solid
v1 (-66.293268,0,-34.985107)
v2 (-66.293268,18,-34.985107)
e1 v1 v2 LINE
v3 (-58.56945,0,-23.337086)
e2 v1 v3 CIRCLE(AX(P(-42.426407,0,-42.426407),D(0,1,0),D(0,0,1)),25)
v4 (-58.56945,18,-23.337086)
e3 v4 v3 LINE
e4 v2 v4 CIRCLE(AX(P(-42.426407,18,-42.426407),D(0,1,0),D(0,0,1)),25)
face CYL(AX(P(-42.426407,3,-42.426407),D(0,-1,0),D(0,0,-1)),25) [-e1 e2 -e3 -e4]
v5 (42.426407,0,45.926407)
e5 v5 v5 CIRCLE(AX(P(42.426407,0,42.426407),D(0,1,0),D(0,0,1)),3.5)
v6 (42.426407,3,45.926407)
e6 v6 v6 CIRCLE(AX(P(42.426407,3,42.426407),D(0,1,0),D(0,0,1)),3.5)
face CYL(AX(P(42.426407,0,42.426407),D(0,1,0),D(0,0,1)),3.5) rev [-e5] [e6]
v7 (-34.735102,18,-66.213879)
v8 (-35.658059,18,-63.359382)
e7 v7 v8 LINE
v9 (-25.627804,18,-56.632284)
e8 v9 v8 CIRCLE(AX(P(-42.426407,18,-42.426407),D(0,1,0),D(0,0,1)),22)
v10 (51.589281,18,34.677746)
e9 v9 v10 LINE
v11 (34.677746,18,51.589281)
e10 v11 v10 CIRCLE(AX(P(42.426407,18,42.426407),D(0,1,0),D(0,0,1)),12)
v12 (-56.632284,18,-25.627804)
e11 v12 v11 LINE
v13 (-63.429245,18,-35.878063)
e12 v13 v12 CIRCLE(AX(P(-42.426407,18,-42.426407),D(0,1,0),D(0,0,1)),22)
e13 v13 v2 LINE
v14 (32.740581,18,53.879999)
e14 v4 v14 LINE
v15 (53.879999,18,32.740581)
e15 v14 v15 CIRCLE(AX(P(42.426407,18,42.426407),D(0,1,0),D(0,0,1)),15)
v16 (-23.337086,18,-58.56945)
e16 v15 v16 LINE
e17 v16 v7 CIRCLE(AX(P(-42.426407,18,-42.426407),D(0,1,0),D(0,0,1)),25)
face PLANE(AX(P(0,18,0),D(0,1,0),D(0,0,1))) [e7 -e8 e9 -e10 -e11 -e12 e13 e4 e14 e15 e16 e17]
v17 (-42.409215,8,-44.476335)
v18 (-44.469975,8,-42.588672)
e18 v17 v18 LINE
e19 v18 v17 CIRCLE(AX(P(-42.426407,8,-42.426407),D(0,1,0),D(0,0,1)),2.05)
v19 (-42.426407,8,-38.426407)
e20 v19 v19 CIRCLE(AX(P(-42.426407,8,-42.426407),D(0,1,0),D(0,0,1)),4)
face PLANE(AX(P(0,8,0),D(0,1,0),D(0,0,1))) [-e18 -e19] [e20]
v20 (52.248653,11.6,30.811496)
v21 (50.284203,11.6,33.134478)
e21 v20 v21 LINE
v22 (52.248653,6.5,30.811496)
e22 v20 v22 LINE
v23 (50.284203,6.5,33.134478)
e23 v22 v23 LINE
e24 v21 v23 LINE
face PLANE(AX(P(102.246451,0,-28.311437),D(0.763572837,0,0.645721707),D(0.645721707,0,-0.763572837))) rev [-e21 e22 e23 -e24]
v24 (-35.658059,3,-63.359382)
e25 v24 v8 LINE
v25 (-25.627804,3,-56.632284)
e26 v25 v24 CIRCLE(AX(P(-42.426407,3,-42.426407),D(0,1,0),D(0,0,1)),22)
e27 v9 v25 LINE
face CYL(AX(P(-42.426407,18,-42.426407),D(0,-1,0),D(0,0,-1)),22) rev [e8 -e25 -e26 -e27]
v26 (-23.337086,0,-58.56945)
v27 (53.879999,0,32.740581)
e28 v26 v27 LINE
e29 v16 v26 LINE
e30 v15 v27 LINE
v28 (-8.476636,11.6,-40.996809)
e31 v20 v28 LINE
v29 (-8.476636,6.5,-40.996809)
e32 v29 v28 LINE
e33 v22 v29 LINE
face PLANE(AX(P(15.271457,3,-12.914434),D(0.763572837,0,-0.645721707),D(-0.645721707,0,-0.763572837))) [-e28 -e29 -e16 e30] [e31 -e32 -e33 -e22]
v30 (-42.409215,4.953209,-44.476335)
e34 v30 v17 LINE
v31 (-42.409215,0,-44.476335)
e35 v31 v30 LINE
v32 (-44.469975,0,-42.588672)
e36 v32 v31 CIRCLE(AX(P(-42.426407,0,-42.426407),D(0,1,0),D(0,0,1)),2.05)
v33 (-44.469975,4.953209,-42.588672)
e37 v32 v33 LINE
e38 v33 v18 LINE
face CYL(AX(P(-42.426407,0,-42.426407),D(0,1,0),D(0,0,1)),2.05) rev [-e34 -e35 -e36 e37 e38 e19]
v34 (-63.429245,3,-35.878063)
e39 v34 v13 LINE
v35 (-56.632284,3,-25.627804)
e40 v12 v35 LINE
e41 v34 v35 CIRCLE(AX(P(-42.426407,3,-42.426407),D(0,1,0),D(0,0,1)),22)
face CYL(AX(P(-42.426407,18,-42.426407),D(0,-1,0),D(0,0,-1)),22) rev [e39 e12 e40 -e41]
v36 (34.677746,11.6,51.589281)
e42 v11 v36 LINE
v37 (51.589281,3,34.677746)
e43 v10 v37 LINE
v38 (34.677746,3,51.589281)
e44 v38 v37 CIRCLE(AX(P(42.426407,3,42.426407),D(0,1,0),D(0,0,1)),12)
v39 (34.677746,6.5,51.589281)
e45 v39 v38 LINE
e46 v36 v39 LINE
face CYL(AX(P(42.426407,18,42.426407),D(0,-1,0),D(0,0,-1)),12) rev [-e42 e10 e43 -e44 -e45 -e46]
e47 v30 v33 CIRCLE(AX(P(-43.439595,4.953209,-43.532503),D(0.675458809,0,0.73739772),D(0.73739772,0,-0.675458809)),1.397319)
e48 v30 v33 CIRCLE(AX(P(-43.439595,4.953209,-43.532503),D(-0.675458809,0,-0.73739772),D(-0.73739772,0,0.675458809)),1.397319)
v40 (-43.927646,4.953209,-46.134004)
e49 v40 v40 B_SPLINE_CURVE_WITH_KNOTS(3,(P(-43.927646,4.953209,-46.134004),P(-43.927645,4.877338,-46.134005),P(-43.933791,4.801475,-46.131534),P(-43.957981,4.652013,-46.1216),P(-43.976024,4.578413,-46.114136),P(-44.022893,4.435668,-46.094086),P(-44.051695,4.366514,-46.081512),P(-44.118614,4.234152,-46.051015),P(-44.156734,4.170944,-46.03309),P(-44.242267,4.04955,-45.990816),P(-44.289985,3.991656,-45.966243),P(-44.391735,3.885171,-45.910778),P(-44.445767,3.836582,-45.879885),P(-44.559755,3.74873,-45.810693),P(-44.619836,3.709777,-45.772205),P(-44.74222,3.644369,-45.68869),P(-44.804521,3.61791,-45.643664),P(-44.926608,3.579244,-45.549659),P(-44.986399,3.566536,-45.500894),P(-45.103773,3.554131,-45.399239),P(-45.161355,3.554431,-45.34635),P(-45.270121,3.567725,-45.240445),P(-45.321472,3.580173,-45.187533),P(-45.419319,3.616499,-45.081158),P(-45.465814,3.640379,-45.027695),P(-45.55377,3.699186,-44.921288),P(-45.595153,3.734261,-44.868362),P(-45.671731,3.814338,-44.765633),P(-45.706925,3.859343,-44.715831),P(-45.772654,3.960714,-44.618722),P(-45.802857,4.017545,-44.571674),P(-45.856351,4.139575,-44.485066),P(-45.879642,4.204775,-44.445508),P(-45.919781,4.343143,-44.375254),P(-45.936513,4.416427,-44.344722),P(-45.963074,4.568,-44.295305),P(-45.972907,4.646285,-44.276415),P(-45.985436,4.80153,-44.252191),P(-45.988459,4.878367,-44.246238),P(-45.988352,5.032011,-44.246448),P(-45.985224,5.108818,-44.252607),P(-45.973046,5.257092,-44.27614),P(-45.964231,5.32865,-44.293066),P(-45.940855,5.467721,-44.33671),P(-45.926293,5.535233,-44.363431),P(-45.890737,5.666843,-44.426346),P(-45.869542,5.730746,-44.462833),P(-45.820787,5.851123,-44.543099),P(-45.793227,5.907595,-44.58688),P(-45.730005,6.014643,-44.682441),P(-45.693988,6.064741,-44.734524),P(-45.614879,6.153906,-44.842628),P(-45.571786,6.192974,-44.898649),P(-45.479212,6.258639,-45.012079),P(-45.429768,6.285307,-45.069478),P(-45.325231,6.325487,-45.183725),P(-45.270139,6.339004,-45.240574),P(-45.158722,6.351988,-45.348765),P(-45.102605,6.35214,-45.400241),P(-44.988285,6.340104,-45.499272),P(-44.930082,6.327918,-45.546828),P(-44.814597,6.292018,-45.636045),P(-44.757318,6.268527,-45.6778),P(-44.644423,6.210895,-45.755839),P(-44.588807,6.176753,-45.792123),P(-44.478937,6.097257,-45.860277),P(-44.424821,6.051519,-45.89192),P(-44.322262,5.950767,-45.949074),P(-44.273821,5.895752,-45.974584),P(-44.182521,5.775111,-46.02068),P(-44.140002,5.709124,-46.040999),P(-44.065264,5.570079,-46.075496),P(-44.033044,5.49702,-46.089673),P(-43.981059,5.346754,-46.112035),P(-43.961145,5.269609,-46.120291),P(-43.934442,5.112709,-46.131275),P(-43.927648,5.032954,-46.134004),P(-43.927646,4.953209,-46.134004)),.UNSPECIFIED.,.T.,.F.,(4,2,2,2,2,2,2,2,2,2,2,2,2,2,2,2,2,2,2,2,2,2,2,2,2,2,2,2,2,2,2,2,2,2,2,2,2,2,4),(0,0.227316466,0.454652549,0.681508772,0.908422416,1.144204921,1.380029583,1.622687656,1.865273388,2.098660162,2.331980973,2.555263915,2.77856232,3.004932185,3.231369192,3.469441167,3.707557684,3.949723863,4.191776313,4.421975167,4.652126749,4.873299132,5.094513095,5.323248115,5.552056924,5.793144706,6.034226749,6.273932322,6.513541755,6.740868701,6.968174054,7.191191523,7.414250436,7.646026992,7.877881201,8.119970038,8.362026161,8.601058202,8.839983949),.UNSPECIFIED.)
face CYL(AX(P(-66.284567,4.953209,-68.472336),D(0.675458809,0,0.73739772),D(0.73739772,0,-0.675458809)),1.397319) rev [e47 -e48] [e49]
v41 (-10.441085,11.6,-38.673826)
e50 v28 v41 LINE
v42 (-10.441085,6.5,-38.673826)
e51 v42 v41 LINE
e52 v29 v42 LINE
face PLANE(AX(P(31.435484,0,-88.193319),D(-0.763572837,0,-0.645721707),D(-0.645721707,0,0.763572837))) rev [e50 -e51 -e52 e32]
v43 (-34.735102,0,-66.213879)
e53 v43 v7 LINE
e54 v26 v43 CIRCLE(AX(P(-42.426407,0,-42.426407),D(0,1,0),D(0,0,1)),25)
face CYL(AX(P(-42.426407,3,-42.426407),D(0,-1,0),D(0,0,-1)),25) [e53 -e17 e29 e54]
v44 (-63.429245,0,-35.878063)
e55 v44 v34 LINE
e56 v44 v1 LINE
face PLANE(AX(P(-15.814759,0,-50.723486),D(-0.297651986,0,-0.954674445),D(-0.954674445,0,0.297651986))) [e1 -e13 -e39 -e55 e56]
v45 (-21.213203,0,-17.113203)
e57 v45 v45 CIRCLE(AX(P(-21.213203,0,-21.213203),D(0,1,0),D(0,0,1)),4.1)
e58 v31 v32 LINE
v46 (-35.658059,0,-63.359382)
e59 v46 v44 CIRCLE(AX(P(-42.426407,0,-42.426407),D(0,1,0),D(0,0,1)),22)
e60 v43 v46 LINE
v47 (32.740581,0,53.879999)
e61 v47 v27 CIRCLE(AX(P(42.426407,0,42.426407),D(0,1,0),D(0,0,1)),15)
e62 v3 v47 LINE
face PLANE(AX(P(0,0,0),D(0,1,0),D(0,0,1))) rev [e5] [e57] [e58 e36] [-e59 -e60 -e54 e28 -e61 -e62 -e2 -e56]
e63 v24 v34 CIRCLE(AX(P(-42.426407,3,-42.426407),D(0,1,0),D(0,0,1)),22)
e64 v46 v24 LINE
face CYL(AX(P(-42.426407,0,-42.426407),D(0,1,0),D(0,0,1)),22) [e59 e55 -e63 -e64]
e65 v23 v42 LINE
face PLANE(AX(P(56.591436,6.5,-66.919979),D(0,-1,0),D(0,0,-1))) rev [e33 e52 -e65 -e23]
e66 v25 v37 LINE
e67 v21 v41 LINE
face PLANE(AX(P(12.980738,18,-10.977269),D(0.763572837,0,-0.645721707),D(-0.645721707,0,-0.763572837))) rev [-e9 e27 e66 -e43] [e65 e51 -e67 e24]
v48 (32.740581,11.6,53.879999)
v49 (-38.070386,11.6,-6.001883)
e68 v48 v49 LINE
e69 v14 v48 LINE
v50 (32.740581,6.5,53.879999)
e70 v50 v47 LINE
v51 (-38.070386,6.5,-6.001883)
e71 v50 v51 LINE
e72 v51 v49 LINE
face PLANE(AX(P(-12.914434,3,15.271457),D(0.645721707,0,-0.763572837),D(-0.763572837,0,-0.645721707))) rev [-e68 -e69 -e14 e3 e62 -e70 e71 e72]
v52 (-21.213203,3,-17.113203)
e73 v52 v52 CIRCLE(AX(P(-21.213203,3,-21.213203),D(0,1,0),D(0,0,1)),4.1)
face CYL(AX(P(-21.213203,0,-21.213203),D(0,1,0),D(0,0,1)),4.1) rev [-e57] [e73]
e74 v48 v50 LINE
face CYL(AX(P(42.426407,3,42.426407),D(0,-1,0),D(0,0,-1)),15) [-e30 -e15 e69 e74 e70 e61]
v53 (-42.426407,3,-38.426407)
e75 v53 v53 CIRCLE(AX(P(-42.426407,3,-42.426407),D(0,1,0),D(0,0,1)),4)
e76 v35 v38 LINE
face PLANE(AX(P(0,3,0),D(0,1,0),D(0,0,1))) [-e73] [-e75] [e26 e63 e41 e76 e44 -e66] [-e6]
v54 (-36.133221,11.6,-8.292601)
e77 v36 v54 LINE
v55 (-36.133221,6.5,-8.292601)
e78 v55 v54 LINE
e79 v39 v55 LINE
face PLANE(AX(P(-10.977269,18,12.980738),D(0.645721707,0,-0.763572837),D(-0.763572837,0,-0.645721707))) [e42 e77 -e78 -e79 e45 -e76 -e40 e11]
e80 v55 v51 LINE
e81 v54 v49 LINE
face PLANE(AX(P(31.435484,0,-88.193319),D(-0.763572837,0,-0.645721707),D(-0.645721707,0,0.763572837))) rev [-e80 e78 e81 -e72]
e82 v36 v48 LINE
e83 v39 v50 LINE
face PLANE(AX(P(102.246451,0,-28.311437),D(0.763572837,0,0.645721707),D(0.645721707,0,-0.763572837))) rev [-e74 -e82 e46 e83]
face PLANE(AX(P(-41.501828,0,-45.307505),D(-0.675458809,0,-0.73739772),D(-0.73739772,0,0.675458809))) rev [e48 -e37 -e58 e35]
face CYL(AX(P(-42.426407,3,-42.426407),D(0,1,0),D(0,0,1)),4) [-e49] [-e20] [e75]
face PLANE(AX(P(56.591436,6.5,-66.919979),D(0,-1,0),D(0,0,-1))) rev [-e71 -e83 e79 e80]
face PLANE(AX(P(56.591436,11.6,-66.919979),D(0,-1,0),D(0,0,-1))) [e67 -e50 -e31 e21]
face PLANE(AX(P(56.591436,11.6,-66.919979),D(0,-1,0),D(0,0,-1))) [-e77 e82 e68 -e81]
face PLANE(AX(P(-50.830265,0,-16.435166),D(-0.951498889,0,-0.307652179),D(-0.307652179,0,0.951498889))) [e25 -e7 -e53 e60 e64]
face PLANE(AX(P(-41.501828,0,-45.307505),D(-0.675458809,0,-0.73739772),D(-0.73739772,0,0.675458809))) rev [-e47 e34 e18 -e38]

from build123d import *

# Parameters (mm, degrees)
EXTRUDE_2_DEPTH           = 3
SKETCH_4_R                = 2.25
SKETCH_4_R_2              = 2.5
CUT_EXTRUDE_2_DEPTH       = 96.402519291
SKETCH_6_R                = 3.5
CUT_EXTRUDE_3_DEPTH       = 96.402519291
SKETCH_7_R                = 3.5
CUT_EXTRUDE_4_DEPTH       = 96.402519291
CUT_EXTRUDE_5_DEPTH       = 96.402519291
EXTRUDE_4_DEPTH           = 15
EXTRUDE_5_DEPTH           = 3
SKETCH_11_R               = 4.1
CUT_EXTRUDE_6_DEPTH       = 3
SKETCH_13_R               = 3.5
EXTRUDE_6_DEPTH           = 3
SKETCH_14_R               = 2.05
EXTRUDE_7_DEPTH           = 5
EXTRUDE_START             = -5
SKETCH_15_R               = 4
SKETCH_15_R_2             = 2.05
EXTRUDE_8_DEPTH           = 5
CUT_EXTRUDE_7_DEPTH       = 96.878259721
SKETCH_18_R               = 1.397318861
CUT_EXTRUDE_8_DEPTH       = 144.753442506
CUT_EXTRUDE_9_DEPTH       = 97.527927136
CUT_EXTRUDE_9_DEPTH_BACK  = 97.527927136
CUT_EXTRUDE_11_DEPTH      = 110.140706759
CUT_EXTRUDE_11_DEPTH_BACK = 110.140706759
SKETCH_20_W               = 92.736362136
SKETCH_20_H               = 2.6
SKETCH_20_H_2             = 2.5


with BuildPart() as part:
    # 草图2 → 凸台-拉伸2 (new body)
    with BuildSketch(Plane(origin=(0, 0, 0), x_dir=(1, 0, 0), z_dir=(0, 1, 0))):
        with BuildLine():
            Line((-58.569449541, 23.337085947), (32.740581269, -53.879999426))
            ThreePointArc((32.740581269, -53.879999426), (53.033008589, -53.033008589), (53.879999426, -32.740581269))
            Line((53.879999426, -32.740581269), (-23.337085947, 58.569449541))
            ThreePointArc((-23.337085947, 58.569449541), (-60.104076401, 60.104076401), (-58.569449541, 23.337085947))
        make_face()
    extrude(amount=EXTRUDE_2_DEPTH)

    # 草图4 → 切除-拉伸2 (cut, through all)
    with BuildSketch(Plane(origin=(0, 3, 0), x_dir=(1, 0, 0), z_dir=(0, 1, 0))):
        with Locations(Location((-42.426406871, 42.426406871, 0), (0, 0, 270))):
            Circle(SKETCH_4_R)
        with Locations(Location((42.426406871, -42.426406871, 0), (0, 0, 270))):
            Circle(SKETCH_4_R_2)
    extrude(amount=-CUT_EXTRUDE_2_DEPTH, mode=Mode.SUBTRACT)

    # 草图6 → 切除-拉伸3 (cut, through all)
    with BuildSketch(Plane(origin=(0, 3, 0), x_dir=(1, 0, 0), z_dir=(0, 1, 0))):
        with Locations(Location((-42.426406871, 42.426406871, 0), (0, 0, 270))):
            Circle(SKETCH_6_R)
    extrude(amount=-CUT_EXTRUDE_3_DEPTH, mode=Mode.SUBTRACT)

    # 草图7 → 切除-拉伸4 (cut, through all)
    with BuildSketch(Plane(origin=(0, 3, 0), x_dir=(1, 0, 0), z_dir=(0, 1, 0))):
        with Locations(Location((42.426406871, -42.426406871, 0), (0, 0, 270))):
            Circle(SKETCH_7_R)
    extrude(amount=-CUT_EXTRUDE_4_DEPTH, mode=Mode.SUBTRACT)

    # 草图8 → 切除-拉伸5 (cut, through all)
    with BuildSketch(Plane(origin=(0, 3, 0), x_dir=(1, 0, 0), z_dir=(0, 1, 0))):
        Polygon((33.626672858, -22.564710472), (-15.702999665, 25.870376375), (-26.891422763, 12.98046534), (25.218843822, -32.251166492), align=None)
    extrude(amount=-CUT_EXTRUDE_5_DEPTH, mode=Mode.SUBTRACT)

    # 草图9 → 凸台-拉伸4 (add)
    with BuildSketch(Plane(origin=(0, 3, 0), x_dir=(1, 0, 0), z_dir=(0, 1, 0))):
        with BuildLine():
            ThreePointArc((-17.960284018, 47.565359346), (-19.96440182, 53.401757848), (-23.337085947, 58.569449541))
            ThreePointArc((-23.337085947, 58.569449541), (-60.104076401, 60.104076401), (-58.569449541, 23.337085947))
            ThreePointArc((-58.569449541, 23.337085947), (-53.401757848, 19.96440182), (-47.565359346, 17.960284018))
            Line((-47.565359346, 17.960284018), (-56.632284421, 25.627804458))
            ThreePointArc((-56.632284421, 25.627804458), (-57.982756057, 57.982756057), (-25.627804458, 56.632284421))
            Line((-25.627804458, 56.632284421), (-17.960284018, 47.565359346))
        make_face()
        with BuildLine():
            Line((53.879999426, -32.740581269), (-23.337085947, 58.569449541))
            ThreePointArc((-23.337085947, 58.569449541), (-19.96440182, 53.401757848), (-17.960284018, 47.565359346))
            Line((-17.960284018, 47.565359346), (45.777785554, -27.805590857))
            ThreePointArc((45.777785554, -27.805590857), (50.229311839, -29.615681908), (53.879999426, -32.740581269))
        make_face()
        with BuildLine():
            ThreePointArc((-47.565359346, 17.960284018), (-53.401757848, 19.96440182), (-58.569449541, 23.337085947))
            Line((-58.569449541, 23.337085947), (32.740581269, -53.879999426))
            ThreePointArc((32.740581269, -53.879999426), (29.615681908, -50.229311839), (27.805590857, -45.777785554))
            Line((27.805590857, -45.777785554), (-47.565359346, 17.960284018))
        make_face()
        with BuildLine():
            ThreePointArc((57.426406871, -42.426406871), (56.511929373, -37.26907657), (53.879999426, -32.740581269))
            ThreePointArc((53.879999426, -32.740581269), (50.229311839, -29.615681908), (45.777785554, -27.805590857))
            Line((45.777785554, -27.805590857), (51.589280915, -34.67774639))
            ThreePointArc((51.589280915, -34.67774639), (53.694824873, -38.30054263), (54.426406871, -42.426406871))
            ThreePointArc((54.426406871, -42.426406871), (47.47695507, -53.311808237), (34.67774639, -51.589280915))
            Line((34.67774639, -51.589280915), (27.805590857, -45.777785554))
            ThreePointArc((27.805590857, -45.777785554), (29.615681908, -50.229311839), (32.740581269, -53.879999426))
            ThreePointArc((32.740581269, -53.879999426), (48.73959212, -56.033158578), (57.426406871, -42.426406871))
        make_face()
    extrude(amount=EXTRUDE_4_DEPTH)

    # 草图10 → 凸台-拉伸5 (add)
    with BuildSketch(Plane(origin=(0, 3, 0), x_dir=(1, 0, 0), z_dir=(0, 1, 0))):
        Polygon((10.528753113, -10.528753113), (-20.427450775, 20.427450775), (-26.891422763, 12.98046534), (25.218843822, -32.251166492), (28.486536718, -28.486536718), align=None)
        Polygon((-15.702999665, 25.870376375), (-20.427450775, 20.427450775), (10.528753113, -10.528753113), (28.486536718, -28.486536718), (33.626672858, -22.564710472), align=None)
    extrude(amount=-EXTRUDE_5_DEPTH)

    # 草图11 → 切除-拉伸6 (cut)
    with BuildSketch(Plane(origin=(0, 3, 0), x_dir=(1, 0, 0), z_dir=(0, 1, 0))):
        with Locations(Location((-21.213203436, 21.213203436, 0), (0, 0, 270))):
            Circle(SKETCH_11_R)
    extrude(amount=-CUT_EXTRUDE_6_DEPTH, mode=Mode.SUBTRACT)

    # 草图13 → 凸台-拉伸6 (add)
    with BuildSketch(Plane(origin=(0, 3, 0), x_dir=(1, 0, 0), z_dir=(0, 1, 0))):
        with Locations((-42.426406871, 42.426406871)):
            Circle(SKETCH_13_R)
    extrude(amount=-EXTRUDE_6_DEPTH)

    # 草图14 → 凸台-拉伸7 (add)
    with BuildSketch(Plane(origin=(0, 3, 0), x_dir=(1, 0, 0), z_dir=(0, 1, 0))):
        with Locations(Location((-42.426406871, 42.426406871, 0), (0, 0, 270))):
            Circle(SKETCH_14_R)
    extrude(amount=EXTRUDE_7_DEPTH)

    # 草图15 → 凸台-拉伸8 (add)
    with BuildSketch(Plane(origin=(0, 8, 0), x_dir=(1, 0, 0), z_dir=(0, 1, 0)).offset(EXTRUDE_START)):
        with Locations(Location((-42.426406871, 42.426406871, 0), (0, 0, 270))):
            Circle(SKETCH_15_R)
        with Locations((-42.426406871, 42.426406871)):
            Circle(SKETCH_15_R_2, mode=Mode.SUBTRACT)
    extrude(amount=EXTRUDE_8_DEPTH)

    # 草图17 → 切除-拉伸7 (cut, through all)
    with BuildSketch(Plane(origin=(0, 8, 0), x_dir=(1, 0, 0), z_dir=(0, 1, 0))):
        with BuildLine():
            Line((-42.409215342, 44.476334785), (-43.439595085, 43.532503451))
            Line((-43.439595085, 43.532503451), (-44.469974827, 42.588672118))
            ThreePointArc((-44.469974827, 42.588672118), (-42.507603209, 40.378015513), (-40.376406871, 42.426406871))
            ThreePointArc((-40.376406871, 42.426406871), (-40.970772536, 43.869884853), (-42.409215342, 44.476334785))
        make_face()
    extrude(amount=-CUT_EXTRUDE_7_DEPTH, mode=Mode.SUBTRACT)

    # 草图18 → 切除-拉伸8 (cut, through all)
    with BuildSketch(Plane(origin=(-41.501827845, 0, -45.307504805), x_dir=(0.7373977200215518, 0, -0.6754588088899406), z_dir=(0.6754588088899406, 0, 0.7373977200215518))):
        with Locations((-2.627845445, 4.953208644)):
            Circle(SKETCH_18_R)
    extrude(amount=-CUT_EXTRUDE_8_DEPTH, mode=Mode.SUBTRACT)

    # 草图19 → 切除-拉伸9 (cut, two sides: drawn at the far end of the back side and taken through both)
    with BuildSketch(Plane(origin=(0, 3, 0), x_dir=(1, 0, 0), z_dir=(0, 1, 0)).offset(-CUT_EXTRUDE_9_DEPTH_BACK)):
        with BuildLine():
            Line((-66.29326799, 34.985107232), (-63.429244656, 35.878063189))
            ThreePointArc((-63.429244656, 35.878063189), (-57.900931168, 58.064152802), (-35.65805893, 63.35938244))
            Line((-35.65805893, 63.35938244), (-34.735102393, 66.213879108))
            ThreePointArc((-34.735102393, 66.213879108), (-60.011093572, 60.196572701), (-66.29326799, 34.985107232))
        make_face()
    extrude(amount=CUT_EXTRUDE_9_DEPTH + CUT_EXTRUDE_9_DEPTH_BACK, mode=Mode.SUBTRACT)

    # 草图20 → 切除-拉伸11 (cut, two sides: drawn at the far end of the back side and taken through both)
    with BuildSketch(Plane(origin=(-12.914434136, 0, 15.27145674), x_dir=(0.7635728369858691, 0, 0.6457217067881111), z_dir=(-0.6457217067881111, 0, 0.7635728369858691)).offset(-CUT_EXTRUDE_11_DEPTH_BACK)):
        with Locations((13.423122648, 10.3)):
            Rectangle(SKETCH_20_W, SKETCH_20_H)
        with Locations((13.423122648, 7.75)):
            Rectangle(SKETCH_20_W, SKETCH_20_H_2)
    extrude(amount=CUT_EXTRUDE_11_DEPTH + CUT_EXTRUDE_11_DEPTH_BACK, mode=Mode.SUBTRACT)


solid = part.part
